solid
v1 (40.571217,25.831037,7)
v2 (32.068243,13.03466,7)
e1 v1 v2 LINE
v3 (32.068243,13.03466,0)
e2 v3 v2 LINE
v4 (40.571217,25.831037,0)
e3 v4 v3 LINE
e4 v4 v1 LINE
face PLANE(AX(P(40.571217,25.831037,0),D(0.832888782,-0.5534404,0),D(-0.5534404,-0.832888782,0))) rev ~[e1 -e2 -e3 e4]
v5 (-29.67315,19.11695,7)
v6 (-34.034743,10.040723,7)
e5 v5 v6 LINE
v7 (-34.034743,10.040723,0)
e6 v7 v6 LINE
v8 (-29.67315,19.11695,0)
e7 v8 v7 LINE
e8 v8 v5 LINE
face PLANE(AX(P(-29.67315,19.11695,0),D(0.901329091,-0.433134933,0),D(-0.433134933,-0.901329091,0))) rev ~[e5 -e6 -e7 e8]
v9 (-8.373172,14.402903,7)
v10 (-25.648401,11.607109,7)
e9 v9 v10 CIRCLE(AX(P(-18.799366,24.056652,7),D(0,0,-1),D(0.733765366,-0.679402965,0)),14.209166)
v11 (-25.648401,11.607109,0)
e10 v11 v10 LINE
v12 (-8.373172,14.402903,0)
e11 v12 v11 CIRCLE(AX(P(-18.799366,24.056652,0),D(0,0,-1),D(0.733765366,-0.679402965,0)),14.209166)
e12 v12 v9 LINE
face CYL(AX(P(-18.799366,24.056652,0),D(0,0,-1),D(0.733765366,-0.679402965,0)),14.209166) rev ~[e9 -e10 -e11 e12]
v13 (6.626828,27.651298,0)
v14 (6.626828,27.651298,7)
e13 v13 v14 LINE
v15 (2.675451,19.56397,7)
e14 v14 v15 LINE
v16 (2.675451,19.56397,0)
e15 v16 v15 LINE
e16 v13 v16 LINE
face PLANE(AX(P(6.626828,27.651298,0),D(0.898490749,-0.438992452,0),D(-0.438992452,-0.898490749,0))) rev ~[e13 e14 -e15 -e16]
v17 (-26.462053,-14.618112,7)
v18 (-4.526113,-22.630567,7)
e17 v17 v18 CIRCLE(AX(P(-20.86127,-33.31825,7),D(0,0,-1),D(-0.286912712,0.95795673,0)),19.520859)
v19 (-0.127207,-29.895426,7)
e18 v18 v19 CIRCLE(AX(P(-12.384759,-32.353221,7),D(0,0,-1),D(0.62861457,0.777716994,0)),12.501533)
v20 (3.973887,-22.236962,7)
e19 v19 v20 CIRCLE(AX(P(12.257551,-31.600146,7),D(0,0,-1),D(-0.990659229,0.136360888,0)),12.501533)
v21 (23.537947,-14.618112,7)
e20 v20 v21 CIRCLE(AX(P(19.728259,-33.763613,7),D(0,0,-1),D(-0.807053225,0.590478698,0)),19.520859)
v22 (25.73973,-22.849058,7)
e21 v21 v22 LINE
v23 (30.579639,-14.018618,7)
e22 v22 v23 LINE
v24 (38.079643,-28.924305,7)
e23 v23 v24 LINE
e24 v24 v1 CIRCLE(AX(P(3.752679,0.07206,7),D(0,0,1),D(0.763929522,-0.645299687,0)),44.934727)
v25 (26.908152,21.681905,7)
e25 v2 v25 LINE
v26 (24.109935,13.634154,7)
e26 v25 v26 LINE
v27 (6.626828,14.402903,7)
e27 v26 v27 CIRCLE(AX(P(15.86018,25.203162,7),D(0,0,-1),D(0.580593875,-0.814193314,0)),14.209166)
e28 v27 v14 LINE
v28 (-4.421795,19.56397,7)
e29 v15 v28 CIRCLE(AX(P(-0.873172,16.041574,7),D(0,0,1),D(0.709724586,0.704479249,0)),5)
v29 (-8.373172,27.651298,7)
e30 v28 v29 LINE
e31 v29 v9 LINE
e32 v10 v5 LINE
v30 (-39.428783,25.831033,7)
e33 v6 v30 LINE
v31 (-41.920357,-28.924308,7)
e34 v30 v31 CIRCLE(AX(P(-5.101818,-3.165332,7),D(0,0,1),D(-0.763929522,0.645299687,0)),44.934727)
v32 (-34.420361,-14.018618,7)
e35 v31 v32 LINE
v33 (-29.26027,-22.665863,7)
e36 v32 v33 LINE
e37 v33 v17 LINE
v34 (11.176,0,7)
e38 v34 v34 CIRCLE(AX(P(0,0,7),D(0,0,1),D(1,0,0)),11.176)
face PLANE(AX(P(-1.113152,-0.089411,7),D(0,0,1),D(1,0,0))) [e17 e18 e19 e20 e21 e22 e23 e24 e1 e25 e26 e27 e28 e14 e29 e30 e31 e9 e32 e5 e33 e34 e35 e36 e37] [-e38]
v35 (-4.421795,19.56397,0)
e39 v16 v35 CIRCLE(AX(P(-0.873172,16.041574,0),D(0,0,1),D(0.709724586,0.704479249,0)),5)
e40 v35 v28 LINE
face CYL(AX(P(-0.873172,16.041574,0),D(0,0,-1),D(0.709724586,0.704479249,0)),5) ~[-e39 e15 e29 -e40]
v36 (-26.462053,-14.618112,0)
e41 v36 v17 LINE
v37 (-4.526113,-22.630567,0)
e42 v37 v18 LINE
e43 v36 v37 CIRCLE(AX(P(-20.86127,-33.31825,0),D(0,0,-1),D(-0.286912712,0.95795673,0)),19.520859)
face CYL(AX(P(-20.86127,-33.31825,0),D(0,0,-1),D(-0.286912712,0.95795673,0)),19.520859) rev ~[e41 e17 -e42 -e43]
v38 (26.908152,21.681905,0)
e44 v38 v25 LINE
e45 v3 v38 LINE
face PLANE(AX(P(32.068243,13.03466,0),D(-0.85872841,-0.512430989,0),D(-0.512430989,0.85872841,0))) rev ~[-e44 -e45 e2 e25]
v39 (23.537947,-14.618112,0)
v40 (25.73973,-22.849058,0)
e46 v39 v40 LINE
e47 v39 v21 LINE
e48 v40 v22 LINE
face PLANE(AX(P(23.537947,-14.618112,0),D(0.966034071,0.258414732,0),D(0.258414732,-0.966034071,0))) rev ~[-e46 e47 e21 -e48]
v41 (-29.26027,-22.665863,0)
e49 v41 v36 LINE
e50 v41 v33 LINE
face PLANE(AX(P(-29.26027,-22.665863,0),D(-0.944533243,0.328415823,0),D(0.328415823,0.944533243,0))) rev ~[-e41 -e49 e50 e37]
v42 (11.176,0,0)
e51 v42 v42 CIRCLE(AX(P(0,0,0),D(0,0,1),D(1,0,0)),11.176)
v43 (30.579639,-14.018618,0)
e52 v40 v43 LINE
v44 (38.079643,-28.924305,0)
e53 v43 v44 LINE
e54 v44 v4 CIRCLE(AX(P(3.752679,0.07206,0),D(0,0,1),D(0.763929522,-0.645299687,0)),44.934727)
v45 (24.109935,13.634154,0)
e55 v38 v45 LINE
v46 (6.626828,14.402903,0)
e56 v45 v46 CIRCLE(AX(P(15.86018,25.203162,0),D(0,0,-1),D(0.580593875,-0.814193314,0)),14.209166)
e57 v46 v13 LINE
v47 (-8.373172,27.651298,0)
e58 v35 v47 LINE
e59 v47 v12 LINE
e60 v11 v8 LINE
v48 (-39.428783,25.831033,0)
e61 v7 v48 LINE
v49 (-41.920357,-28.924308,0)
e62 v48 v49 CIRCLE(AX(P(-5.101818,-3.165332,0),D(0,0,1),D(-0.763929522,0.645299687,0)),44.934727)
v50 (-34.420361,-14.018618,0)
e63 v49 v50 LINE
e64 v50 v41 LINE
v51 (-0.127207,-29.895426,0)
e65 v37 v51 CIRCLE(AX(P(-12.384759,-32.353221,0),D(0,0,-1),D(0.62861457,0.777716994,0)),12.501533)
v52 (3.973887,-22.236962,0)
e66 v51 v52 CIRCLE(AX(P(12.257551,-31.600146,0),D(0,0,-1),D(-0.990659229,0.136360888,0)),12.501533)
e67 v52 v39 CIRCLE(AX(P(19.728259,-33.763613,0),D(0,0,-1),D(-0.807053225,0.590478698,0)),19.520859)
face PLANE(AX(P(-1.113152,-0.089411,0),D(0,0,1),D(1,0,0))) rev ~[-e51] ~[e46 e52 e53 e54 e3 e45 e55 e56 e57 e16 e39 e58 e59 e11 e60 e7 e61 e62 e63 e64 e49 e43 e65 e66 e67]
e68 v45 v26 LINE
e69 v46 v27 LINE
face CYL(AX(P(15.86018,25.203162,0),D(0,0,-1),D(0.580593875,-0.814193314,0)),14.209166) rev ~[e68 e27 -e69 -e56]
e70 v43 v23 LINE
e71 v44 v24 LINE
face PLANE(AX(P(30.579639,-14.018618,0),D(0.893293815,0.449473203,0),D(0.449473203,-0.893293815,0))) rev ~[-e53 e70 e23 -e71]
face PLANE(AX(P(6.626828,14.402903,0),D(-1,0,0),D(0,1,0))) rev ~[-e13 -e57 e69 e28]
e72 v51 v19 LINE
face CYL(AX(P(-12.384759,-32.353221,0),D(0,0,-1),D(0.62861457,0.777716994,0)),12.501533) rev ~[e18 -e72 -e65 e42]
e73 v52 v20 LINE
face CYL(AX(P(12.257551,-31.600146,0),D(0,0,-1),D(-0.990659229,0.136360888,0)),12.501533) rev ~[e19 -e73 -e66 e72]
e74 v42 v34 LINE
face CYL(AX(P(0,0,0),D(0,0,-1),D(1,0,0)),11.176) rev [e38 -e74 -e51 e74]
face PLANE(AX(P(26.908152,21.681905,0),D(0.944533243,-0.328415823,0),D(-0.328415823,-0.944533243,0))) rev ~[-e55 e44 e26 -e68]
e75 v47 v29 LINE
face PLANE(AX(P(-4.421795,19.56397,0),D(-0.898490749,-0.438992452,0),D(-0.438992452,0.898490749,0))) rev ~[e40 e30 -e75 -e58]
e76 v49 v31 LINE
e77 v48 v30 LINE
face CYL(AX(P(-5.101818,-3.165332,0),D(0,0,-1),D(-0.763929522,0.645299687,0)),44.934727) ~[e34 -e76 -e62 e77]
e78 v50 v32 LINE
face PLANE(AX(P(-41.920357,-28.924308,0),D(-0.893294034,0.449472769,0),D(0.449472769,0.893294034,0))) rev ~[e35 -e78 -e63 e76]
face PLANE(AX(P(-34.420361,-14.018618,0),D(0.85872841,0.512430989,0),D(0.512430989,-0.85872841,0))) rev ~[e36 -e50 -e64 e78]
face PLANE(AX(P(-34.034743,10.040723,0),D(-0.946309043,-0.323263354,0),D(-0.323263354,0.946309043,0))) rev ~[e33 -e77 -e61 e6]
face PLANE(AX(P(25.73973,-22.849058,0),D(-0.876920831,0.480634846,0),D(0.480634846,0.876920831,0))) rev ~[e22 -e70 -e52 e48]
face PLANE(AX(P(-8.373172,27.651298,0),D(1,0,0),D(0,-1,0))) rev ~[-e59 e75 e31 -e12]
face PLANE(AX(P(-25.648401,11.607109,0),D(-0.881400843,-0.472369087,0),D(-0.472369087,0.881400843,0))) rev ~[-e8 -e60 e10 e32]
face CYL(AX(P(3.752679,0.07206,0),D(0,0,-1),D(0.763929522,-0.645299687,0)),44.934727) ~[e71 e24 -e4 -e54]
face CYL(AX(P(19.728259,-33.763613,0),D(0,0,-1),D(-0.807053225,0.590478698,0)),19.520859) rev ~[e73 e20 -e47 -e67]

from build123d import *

# Parameters (mm, degrees)
F0_R     = 12.7
F0_R_2   = 11.176
F1_DEPTH = 7


with BuildPart() as f1:
    # F0 (on Top) → F1 (new body)
    with BuildSketch(Plane.XY):
        with BuildLine():
            Line((-34.0347428799, 10.0407234107), (-39.4287826318, 25.8310334972))
            ThreePointArc((-39.4287826318, 25.8310334972), (-49.9900963881, -1.1227458082), (-41.9203568823, -28.9243081997))
            Line((-41.9203568823, -28.9243081997), (-34.420360506, -14.0186176143))
            Line((-34.420360506, -14.0186176143), (-29.2602696984, -22.6658631364))
            Line((-29.2602696984, -22.6658631364), (-26.4620529027, -14.6181120741))
            ThreePointArc((-26.4620529027, -14.6181120741), (-14.1637665374, -14.9822916534), (-4.52611316, -22.6305667311))
            ThreePointArc((-4.52611316, -22.6305667311), (-1.6908403761, -25.8780046014), (-0.1272074495, -29.8954262311))
            ThreePointArc((-0.1272074495, -29.8954262311), (1.2367097468, -25.698504913), (3.97388684, -22.2369618714))
            ThreePointArc((3.97388684, -22.2369618714), (12.644433264, -15.5734140078), (23.5379470973, -14.6181120741))
            Line((23.5379470973, -14.6181120741), (25.7397303016, -22.8490576527))
            Line((25.7397303016, -22.8490576527), (30.579639494, -14.0186176143))
            Line((30.579639494, -14.0186176143), (38.0796431177, -28.924304553))
            ThreePointArc((38.0796431177, -28.924304553), (48.640956874, -1.9705252477), (40.5712173682, 25.8310371438))
            Line((40.5712173682, 25.8310371438), (32.0682425965, 13.0346596218))
            Line((32.0682425965, 13.0346596218), (26.9081517889, 21.6819051439))
            Line((26.9081517889, 21.6819051439), (24.1099349931, 13.6341540816))
            ThreePointArc((24.1099349931, 13.6341540816), (15.2359931939, 11.0077124587), (6.626828122, 14.4029025006))
            Line((6.626828122, 14.4029025006), (6.626828122, 27.6512976753))
            Line((6.626828122, 27.6512976753), (2.6754510519, 19.5639701469))
            ThreePointArc((2.6754510519, 19.5639701469), (-0.873171878, 21.0415739028), (-4.421794808, 19.5639701469))
            Line((-4.421794808, 19.5639701469), (-8.373171878, 27.6512976753))
            Line((-8.373171878, 27.6512976753), (-8.373171878, 14.4029025006))
            ThreePointArc((-8.373171878, 14.4029025006), (-16.5293148782, 10.0299892821), (-25.6484009718, 11.6071092754))
            Line((-25.6484009718, 11.6071092754), (-29.673149547, 19.1169503724))
            Line((-29.673149547, 19.1169503724), (-34.0347428799, 10.0407234107))
        make_face()
        Circle(F0_R, mode=Mode.SUBTRACT)
        Circle(F0_R)
        Circle(F0_R_2, mode=Mode.SUBTRACT)
    extrude(amount=F1_DEPTH)


solid = f1.part
